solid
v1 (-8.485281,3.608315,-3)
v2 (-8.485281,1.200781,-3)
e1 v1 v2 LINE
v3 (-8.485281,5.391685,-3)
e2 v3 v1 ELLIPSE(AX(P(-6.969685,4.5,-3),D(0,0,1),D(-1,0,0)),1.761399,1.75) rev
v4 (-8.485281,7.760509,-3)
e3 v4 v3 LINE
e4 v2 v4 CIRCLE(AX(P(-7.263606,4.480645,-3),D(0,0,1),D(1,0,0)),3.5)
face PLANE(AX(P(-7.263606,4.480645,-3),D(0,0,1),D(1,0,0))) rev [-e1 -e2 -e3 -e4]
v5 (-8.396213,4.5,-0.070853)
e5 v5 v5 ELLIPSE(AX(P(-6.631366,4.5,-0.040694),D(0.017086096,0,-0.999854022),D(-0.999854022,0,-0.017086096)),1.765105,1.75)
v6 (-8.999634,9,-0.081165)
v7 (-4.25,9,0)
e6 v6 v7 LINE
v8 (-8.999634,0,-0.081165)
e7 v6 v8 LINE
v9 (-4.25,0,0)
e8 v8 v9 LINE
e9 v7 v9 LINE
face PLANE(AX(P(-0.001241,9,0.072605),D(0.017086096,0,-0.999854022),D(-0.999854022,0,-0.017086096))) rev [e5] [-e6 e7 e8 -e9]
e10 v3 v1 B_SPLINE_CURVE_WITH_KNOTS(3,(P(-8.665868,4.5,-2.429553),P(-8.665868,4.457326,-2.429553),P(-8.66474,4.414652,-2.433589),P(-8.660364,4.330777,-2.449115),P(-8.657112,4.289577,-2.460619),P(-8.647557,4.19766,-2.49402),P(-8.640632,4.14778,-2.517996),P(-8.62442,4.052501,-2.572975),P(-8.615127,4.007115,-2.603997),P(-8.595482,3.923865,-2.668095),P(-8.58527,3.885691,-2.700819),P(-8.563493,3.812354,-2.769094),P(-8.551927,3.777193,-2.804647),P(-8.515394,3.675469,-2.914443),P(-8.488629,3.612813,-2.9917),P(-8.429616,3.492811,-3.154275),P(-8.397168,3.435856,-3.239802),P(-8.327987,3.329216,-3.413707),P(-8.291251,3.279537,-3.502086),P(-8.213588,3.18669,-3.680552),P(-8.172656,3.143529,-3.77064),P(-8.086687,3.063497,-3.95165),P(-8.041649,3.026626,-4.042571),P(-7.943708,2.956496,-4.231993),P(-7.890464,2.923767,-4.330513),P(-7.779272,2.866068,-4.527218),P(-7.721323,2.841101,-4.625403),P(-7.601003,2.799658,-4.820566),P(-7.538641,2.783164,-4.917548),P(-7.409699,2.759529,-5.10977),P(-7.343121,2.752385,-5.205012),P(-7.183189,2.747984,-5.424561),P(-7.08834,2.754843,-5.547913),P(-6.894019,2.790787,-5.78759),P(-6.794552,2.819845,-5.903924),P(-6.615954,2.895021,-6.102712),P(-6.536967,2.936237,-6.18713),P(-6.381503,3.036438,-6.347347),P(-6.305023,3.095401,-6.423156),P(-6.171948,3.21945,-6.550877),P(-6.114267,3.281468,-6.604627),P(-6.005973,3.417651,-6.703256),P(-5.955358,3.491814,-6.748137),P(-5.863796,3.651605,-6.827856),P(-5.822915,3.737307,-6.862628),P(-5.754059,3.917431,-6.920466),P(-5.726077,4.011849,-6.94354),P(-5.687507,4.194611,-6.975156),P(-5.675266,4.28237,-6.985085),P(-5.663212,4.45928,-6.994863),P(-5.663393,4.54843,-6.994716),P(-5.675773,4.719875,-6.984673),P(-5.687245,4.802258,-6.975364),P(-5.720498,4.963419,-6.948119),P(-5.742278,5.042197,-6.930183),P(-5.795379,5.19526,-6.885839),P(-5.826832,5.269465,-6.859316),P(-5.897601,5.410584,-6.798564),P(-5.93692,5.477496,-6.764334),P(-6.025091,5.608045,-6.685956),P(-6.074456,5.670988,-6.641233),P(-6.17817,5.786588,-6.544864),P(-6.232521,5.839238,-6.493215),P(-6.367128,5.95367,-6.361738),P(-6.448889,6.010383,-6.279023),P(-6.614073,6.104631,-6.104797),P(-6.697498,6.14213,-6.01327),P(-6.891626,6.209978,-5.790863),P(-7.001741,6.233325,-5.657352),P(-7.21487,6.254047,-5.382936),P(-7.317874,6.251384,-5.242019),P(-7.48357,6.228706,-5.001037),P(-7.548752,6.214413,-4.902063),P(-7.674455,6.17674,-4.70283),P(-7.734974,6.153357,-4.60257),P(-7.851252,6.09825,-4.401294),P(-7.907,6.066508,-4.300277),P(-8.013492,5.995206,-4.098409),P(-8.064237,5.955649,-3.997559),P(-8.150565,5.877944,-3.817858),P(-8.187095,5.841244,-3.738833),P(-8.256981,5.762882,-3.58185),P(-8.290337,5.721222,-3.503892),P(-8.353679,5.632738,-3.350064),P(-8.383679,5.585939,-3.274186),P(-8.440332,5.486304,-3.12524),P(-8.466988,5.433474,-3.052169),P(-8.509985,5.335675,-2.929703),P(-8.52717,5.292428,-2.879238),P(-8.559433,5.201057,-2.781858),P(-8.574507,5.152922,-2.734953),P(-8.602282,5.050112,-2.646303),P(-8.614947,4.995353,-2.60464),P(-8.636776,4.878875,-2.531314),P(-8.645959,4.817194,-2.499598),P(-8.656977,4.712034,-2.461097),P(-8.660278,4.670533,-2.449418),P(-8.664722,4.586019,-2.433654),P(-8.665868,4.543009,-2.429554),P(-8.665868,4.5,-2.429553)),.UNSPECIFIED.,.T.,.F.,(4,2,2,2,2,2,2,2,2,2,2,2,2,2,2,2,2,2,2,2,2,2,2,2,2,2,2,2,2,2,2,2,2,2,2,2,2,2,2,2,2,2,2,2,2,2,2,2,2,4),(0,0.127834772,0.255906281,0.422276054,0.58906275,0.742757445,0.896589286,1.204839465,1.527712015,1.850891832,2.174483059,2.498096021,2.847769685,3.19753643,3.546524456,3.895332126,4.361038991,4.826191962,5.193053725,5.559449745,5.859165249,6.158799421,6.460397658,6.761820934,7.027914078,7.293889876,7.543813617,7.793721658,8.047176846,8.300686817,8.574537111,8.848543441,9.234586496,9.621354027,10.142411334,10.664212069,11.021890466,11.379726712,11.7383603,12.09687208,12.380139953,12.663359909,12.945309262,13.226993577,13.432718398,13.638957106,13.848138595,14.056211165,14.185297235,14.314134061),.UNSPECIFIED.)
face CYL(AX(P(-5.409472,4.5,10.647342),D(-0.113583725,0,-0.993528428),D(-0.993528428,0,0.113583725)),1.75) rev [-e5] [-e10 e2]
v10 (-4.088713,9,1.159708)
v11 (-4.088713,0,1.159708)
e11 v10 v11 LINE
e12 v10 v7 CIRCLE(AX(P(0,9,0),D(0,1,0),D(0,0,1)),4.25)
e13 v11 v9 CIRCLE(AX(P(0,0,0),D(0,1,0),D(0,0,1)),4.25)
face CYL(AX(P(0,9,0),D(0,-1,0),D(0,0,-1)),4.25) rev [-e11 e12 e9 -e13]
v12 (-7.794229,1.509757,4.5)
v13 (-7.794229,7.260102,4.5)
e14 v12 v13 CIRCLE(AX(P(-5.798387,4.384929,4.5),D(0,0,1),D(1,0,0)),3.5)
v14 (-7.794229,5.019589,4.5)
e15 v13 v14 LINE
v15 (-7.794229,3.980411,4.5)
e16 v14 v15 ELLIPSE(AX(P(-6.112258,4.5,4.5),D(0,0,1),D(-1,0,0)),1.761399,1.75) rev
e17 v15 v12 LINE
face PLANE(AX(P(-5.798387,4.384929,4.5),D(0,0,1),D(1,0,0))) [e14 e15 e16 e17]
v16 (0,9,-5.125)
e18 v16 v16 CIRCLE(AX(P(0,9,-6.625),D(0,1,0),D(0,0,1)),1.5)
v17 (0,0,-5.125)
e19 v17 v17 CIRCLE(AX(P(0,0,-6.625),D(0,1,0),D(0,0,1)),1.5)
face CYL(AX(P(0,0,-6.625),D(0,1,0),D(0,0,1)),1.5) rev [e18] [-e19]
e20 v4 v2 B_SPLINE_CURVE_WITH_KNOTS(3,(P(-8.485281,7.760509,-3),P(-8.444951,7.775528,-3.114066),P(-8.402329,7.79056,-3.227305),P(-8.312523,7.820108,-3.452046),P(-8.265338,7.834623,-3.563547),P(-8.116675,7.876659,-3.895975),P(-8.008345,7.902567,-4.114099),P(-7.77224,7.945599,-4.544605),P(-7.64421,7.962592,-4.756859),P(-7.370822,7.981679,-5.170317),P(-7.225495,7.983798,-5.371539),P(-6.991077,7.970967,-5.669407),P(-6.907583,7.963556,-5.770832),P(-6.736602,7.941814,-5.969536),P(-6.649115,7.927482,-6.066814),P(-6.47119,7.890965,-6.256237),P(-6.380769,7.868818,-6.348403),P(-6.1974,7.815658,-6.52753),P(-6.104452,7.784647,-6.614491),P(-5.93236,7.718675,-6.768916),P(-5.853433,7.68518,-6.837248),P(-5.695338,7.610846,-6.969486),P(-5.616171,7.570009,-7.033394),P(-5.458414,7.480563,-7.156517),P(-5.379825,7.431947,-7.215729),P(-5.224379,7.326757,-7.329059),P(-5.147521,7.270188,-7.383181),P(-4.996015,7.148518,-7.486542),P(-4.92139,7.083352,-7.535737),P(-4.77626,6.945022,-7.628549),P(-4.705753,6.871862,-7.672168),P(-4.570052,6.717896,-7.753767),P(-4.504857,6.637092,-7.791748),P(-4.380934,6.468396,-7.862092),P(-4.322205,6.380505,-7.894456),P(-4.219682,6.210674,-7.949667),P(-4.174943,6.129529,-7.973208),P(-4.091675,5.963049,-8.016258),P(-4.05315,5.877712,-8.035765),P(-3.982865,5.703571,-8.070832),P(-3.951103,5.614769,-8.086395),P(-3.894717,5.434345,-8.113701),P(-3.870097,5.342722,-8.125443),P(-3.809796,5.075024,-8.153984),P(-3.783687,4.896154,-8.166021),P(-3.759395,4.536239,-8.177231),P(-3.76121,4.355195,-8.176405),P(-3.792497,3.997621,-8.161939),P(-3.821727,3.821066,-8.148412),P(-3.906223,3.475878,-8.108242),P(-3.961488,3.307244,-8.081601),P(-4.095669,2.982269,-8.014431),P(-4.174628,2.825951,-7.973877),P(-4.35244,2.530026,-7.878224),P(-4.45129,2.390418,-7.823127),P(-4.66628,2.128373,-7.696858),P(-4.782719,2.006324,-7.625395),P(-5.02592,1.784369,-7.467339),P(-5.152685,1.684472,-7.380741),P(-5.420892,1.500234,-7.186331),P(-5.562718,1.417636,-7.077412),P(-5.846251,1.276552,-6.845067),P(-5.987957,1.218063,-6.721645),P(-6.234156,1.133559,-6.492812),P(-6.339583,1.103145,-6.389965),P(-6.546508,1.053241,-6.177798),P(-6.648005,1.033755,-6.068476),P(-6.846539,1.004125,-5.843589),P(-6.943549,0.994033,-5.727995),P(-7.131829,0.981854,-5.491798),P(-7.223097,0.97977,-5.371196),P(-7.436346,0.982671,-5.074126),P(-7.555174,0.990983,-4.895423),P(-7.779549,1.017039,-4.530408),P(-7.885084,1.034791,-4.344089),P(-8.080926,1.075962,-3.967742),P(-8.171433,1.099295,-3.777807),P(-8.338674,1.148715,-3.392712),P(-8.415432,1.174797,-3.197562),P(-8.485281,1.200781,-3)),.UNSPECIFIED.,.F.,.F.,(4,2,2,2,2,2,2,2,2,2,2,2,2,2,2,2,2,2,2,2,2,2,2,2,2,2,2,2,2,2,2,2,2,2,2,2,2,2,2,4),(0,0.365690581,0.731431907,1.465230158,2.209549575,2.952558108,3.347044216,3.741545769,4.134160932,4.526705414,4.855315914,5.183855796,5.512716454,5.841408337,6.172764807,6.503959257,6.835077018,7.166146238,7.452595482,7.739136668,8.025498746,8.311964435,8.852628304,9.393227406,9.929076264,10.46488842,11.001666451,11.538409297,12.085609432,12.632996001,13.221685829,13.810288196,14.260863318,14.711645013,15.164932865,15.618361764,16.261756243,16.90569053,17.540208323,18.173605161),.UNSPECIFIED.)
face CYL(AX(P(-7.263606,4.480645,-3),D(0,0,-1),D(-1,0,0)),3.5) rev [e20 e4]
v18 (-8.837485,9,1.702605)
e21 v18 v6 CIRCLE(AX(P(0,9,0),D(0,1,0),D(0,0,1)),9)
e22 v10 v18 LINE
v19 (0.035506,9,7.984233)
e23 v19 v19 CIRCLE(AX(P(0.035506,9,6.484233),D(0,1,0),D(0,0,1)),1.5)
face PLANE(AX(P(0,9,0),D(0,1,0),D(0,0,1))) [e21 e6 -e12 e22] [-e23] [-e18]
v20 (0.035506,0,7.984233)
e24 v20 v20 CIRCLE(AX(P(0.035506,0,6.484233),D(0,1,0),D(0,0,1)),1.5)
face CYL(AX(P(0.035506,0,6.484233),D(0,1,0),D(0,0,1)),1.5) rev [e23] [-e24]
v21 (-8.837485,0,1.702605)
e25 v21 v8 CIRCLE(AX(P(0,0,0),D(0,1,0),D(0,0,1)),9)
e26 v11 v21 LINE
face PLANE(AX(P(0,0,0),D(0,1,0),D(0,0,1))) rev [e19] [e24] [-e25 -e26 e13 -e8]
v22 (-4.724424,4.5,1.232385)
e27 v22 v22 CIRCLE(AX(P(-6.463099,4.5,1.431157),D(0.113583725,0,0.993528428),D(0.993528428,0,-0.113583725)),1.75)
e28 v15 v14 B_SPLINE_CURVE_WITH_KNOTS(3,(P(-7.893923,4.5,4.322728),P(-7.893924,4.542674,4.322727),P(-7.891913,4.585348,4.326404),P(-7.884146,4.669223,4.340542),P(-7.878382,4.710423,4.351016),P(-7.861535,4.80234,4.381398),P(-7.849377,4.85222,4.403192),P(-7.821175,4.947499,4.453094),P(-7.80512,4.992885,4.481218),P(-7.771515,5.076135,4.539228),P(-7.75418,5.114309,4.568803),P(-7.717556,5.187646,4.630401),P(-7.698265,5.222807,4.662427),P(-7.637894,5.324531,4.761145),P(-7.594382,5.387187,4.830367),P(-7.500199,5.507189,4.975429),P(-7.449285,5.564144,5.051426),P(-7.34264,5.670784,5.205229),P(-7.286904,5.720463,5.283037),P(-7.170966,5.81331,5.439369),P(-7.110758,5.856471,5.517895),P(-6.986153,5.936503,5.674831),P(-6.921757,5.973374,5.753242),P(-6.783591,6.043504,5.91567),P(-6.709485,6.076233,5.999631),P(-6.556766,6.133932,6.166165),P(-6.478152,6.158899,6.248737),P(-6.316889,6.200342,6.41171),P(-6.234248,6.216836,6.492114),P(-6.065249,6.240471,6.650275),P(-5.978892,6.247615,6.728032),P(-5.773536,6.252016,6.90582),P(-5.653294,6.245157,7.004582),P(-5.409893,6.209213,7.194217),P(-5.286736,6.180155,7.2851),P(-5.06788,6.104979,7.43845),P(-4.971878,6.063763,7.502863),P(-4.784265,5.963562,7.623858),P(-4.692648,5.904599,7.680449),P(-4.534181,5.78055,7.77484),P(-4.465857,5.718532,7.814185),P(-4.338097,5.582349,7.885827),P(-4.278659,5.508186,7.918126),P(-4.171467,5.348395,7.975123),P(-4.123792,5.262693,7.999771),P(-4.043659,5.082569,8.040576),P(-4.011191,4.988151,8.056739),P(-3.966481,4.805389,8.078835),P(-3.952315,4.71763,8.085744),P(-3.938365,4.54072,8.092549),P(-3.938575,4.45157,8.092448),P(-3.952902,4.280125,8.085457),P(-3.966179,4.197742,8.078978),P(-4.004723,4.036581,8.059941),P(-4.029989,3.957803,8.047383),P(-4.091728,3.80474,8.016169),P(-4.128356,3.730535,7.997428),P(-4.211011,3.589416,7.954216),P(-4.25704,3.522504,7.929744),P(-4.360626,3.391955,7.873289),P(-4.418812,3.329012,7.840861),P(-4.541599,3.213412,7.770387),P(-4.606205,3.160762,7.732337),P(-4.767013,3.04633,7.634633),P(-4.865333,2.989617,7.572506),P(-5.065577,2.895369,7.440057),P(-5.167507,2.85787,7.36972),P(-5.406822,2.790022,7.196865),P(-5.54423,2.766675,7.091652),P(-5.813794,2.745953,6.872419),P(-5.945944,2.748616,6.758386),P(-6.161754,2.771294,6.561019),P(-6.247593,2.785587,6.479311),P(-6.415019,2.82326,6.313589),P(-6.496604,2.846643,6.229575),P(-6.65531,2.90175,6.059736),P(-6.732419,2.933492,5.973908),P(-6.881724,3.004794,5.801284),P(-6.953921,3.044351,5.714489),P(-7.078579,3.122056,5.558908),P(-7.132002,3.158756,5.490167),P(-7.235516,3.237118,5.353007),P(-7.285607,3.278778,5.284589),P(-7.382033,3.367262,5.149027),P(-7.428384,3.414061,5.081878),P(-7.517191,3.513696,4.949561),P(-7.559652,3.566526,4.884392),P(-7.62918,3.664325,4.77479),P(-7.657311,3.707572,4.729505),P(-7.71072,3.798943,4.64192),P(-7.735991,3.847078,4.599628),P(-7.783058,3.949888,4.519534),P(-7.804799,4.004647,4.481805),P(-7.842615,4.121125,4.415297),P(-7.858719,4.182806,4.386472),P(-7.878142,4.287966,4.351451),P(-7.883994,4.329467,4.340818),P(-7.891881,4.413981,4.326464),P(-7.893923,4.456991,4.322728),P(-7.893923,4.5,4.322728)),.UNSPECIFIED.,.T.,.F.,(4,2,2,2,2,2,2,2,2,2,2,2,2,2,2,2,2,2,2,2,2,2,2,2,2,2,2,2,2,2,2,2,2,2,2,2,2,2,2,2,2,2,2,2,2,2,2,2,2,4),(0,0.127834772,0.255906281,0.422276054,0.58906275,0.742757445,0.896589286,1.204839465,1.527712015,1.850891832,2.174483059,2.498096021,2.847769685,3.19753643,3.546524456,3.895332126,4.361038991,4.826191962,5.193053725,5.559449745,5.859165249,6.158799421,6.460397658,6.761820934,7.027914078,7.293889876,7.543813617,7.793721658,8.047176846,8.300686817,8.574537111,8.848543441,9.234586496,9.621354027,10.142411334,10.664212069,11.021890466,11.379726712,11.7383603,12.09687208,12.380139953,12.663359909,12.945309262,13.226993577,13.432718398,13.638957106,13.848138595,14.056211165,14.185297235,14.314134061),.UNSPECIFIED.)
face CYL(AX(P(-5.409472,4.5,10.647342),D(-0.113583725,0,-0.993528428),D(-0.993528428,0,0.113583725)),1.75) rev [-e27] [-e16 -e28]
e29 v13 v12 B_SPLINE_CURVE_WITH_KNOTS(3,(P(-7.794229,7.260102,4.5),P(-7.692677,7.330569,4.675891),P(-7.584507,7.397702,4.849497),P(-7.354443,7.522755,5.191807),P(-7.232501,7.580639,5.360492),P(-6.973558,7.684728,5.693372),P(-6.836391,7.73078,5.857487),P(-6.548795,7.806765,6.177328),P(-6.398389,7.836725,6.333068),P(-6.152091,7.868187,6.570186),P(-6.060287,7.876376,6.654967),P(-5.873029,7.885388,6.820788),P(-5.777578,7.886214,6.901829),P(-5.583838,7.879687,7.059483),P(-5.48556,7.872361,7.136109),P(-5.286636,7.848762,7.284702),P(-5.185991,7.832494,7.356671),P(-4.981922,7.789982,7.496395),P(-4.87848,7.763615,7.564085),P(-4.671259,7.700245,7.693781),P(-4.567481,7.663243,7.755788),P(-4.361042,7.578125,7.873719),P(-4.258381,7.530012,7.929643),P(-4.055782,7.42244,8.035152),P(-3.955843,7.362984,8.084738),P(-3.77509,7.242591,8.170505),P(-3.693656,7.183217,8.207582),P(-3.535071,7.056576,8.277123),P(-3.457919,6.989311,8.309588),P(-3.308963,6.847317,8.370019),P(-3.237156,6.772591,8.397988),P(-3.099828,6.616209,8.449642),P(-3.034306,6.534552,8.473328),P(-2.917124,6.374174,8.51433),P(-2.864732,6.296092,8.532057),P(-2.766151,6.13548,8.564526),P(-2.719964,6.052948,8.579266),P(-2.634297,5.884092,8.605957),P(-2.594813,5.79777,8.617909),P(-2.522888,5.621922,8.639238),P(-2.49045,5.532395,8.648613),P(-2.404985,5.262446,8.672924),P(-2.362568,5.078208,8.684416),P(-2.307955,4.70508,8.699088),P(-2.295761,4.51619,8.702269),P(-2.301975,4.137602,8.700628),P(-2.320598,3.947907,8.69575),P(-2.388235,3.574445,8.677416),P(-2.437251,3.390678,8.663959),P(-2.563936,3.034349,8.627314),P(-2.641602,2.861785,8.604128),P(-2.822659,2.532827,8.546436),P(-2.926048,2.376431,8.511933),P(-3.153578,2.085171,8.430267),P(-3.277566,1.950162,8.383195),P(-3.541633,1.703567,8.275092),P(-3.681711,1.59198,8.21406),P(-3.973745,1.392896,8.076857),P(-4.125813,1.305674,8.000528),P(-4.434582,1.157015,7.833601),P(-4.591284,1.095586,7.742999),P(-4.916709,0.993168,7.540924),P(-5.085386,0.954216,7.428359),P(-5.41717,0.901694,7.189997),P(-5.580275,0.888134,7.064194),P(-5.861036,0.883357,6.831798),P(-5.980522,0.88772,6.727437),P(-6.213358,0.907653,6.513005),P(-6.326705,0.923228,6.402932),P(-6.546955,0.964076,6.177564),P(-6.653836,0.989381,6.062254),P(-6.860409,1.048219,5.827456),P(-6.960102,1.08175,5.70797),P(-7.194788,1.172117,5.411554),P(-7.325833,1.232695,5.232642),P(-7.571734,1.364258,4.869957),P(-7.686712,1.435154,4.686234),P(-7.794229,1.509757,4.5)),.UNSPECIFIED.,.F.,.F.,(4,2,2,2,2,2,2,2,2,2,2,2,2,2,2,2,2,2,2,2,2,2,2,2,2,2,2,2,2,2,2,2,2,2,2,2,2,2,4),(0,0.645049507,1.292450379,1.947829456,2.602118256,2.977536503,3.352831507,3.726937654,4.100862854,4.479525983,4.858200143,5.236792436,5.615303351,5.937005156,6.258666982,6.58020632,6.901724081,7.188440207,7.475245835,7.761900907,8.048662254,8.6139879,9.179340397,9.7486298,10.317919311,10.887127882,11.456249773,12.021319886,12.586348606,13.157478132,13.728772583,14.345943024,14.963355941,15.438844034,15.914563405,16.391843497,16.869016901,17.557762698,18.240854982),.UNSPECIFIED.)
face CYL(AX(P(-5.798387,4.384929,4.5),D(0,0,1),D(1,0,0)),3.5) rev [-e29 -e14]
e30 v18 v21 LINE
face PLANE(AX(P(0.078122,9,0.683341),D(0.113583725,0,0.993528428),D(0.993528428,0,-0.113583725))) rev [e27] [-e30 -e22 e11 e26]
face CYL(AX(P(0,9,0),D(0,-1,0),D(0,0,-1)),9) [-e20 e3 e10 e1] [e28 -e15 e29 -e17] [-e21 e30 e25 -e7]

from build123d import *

# Parameters (mm, degrees)
BOSS_EXTRUDE1_DEPTH     = 9
SKETCH2_R               = 1.75
CUT_EXTRUDE1_DEPTH      = 11.651759691
CUT_EXTRUDE1_DEPTH_BACK = 10.276217487
SKETCH3_R               = 3.5
CUT_EXTRUDE2_DEPTH      = 5.5
SKETCH4_R               = 3.5
CUT_EXTRUDE3_DEPTH      = 7
SKETCH5_R               = 1.5
CUT_EXTRUDE4_DEPTH      = 10.0000001


with BuildPart() as part:
    # Sketch1 → Boss-Extrude1 (new body)
    with BuildSketch(Plane(origin=(0, 0, 0), x_dir=(1, 0, 0), z_dir=(0, 1, 0))):
        with BuildLine():
            ThreePointArc((9, 0), (0.040582687, 8.999908502), (-8.99963401, 0.081164549))
            Line((-8.99963401, 0.081164549), (-4.25, 0))
            ThreePointArc((-4.25, 0), (0, 4.25), (4.25, 0))
            ThreePointArc((4.25, 0), (0.585435043, -4.209485219), (-4.088713322, -1.159708311))
            Line((-4.088713322, -1.159708311), (-8.837484751, -1.702604851))
            ThreePointArc((-8.837484751, -1.702604851), (0.855171691, -8.959279066), (9, 0))
        make_face()
    extrude(amount=BOSS_EXTRUDE1_DEPTH)

    # Sketch2 → Cut-Extrude1 (cut, two sides)
    with BuildSketch(Plane(origin=(0.078121964, 0, 0.683340793), x_dir=(-0.993528428, 0, 0.113583725), z_dir=(-0.113583725, 0, -0.993528428))) as cut_extrude1_sk:
        with Locations((6.583828722, 4.5)):
            Circle(SKETCH2_R)
    extrude(amount=CUT_EXTRUDE1_DEPTH, mode=Mode.SUBTRACT)
    extrude(cut_extrude1_sk.sketch, amount=-CUT_EXTRUDE1_DEPTH_BACK, mode=Mode.SUBTRACT)

    # Sketch3 → Cut-Extrude2 (cut)
    with BuildSketch(Plane.XY.offset(10)):
        with Locations((-5.798386902, 4.384929451)):
            Circle(SKETCH3_R)
    extrude(amount=-CUT_EXTRUDE2_DEPTH, mode=Mode.SUBTRACT)

    # Sketch4 → Cut-Extrude3 (cut)
    with BuildSketch(Plane.XY.offset(-10)):
        with Locations((-7.26360584, 4.480644852)):
            Circle(SKETCH4_R)
    extrude(amount=CUT_EXTRUDE3_DEPTH, mode=Mode.SUBTRACT)

    # Sketch5 → Cut-Extrude4 (cut, through all)
    with BuildSketch(Plane(origin=(0, 9, 0), x_dir=(1, 0, 0), z_dir=(0, 1, 0))):
        with Locations((0.035505664, -6.484233459)):
            Circle(SKETCH5_R)
        with Locations((0, 6.625)):
            Circle(SKETCH5_R)
    extrude(amount=-CUT_EXTRUDE4_DEPTH, mode=Mode.SUBTRACT)


solid = part.part
